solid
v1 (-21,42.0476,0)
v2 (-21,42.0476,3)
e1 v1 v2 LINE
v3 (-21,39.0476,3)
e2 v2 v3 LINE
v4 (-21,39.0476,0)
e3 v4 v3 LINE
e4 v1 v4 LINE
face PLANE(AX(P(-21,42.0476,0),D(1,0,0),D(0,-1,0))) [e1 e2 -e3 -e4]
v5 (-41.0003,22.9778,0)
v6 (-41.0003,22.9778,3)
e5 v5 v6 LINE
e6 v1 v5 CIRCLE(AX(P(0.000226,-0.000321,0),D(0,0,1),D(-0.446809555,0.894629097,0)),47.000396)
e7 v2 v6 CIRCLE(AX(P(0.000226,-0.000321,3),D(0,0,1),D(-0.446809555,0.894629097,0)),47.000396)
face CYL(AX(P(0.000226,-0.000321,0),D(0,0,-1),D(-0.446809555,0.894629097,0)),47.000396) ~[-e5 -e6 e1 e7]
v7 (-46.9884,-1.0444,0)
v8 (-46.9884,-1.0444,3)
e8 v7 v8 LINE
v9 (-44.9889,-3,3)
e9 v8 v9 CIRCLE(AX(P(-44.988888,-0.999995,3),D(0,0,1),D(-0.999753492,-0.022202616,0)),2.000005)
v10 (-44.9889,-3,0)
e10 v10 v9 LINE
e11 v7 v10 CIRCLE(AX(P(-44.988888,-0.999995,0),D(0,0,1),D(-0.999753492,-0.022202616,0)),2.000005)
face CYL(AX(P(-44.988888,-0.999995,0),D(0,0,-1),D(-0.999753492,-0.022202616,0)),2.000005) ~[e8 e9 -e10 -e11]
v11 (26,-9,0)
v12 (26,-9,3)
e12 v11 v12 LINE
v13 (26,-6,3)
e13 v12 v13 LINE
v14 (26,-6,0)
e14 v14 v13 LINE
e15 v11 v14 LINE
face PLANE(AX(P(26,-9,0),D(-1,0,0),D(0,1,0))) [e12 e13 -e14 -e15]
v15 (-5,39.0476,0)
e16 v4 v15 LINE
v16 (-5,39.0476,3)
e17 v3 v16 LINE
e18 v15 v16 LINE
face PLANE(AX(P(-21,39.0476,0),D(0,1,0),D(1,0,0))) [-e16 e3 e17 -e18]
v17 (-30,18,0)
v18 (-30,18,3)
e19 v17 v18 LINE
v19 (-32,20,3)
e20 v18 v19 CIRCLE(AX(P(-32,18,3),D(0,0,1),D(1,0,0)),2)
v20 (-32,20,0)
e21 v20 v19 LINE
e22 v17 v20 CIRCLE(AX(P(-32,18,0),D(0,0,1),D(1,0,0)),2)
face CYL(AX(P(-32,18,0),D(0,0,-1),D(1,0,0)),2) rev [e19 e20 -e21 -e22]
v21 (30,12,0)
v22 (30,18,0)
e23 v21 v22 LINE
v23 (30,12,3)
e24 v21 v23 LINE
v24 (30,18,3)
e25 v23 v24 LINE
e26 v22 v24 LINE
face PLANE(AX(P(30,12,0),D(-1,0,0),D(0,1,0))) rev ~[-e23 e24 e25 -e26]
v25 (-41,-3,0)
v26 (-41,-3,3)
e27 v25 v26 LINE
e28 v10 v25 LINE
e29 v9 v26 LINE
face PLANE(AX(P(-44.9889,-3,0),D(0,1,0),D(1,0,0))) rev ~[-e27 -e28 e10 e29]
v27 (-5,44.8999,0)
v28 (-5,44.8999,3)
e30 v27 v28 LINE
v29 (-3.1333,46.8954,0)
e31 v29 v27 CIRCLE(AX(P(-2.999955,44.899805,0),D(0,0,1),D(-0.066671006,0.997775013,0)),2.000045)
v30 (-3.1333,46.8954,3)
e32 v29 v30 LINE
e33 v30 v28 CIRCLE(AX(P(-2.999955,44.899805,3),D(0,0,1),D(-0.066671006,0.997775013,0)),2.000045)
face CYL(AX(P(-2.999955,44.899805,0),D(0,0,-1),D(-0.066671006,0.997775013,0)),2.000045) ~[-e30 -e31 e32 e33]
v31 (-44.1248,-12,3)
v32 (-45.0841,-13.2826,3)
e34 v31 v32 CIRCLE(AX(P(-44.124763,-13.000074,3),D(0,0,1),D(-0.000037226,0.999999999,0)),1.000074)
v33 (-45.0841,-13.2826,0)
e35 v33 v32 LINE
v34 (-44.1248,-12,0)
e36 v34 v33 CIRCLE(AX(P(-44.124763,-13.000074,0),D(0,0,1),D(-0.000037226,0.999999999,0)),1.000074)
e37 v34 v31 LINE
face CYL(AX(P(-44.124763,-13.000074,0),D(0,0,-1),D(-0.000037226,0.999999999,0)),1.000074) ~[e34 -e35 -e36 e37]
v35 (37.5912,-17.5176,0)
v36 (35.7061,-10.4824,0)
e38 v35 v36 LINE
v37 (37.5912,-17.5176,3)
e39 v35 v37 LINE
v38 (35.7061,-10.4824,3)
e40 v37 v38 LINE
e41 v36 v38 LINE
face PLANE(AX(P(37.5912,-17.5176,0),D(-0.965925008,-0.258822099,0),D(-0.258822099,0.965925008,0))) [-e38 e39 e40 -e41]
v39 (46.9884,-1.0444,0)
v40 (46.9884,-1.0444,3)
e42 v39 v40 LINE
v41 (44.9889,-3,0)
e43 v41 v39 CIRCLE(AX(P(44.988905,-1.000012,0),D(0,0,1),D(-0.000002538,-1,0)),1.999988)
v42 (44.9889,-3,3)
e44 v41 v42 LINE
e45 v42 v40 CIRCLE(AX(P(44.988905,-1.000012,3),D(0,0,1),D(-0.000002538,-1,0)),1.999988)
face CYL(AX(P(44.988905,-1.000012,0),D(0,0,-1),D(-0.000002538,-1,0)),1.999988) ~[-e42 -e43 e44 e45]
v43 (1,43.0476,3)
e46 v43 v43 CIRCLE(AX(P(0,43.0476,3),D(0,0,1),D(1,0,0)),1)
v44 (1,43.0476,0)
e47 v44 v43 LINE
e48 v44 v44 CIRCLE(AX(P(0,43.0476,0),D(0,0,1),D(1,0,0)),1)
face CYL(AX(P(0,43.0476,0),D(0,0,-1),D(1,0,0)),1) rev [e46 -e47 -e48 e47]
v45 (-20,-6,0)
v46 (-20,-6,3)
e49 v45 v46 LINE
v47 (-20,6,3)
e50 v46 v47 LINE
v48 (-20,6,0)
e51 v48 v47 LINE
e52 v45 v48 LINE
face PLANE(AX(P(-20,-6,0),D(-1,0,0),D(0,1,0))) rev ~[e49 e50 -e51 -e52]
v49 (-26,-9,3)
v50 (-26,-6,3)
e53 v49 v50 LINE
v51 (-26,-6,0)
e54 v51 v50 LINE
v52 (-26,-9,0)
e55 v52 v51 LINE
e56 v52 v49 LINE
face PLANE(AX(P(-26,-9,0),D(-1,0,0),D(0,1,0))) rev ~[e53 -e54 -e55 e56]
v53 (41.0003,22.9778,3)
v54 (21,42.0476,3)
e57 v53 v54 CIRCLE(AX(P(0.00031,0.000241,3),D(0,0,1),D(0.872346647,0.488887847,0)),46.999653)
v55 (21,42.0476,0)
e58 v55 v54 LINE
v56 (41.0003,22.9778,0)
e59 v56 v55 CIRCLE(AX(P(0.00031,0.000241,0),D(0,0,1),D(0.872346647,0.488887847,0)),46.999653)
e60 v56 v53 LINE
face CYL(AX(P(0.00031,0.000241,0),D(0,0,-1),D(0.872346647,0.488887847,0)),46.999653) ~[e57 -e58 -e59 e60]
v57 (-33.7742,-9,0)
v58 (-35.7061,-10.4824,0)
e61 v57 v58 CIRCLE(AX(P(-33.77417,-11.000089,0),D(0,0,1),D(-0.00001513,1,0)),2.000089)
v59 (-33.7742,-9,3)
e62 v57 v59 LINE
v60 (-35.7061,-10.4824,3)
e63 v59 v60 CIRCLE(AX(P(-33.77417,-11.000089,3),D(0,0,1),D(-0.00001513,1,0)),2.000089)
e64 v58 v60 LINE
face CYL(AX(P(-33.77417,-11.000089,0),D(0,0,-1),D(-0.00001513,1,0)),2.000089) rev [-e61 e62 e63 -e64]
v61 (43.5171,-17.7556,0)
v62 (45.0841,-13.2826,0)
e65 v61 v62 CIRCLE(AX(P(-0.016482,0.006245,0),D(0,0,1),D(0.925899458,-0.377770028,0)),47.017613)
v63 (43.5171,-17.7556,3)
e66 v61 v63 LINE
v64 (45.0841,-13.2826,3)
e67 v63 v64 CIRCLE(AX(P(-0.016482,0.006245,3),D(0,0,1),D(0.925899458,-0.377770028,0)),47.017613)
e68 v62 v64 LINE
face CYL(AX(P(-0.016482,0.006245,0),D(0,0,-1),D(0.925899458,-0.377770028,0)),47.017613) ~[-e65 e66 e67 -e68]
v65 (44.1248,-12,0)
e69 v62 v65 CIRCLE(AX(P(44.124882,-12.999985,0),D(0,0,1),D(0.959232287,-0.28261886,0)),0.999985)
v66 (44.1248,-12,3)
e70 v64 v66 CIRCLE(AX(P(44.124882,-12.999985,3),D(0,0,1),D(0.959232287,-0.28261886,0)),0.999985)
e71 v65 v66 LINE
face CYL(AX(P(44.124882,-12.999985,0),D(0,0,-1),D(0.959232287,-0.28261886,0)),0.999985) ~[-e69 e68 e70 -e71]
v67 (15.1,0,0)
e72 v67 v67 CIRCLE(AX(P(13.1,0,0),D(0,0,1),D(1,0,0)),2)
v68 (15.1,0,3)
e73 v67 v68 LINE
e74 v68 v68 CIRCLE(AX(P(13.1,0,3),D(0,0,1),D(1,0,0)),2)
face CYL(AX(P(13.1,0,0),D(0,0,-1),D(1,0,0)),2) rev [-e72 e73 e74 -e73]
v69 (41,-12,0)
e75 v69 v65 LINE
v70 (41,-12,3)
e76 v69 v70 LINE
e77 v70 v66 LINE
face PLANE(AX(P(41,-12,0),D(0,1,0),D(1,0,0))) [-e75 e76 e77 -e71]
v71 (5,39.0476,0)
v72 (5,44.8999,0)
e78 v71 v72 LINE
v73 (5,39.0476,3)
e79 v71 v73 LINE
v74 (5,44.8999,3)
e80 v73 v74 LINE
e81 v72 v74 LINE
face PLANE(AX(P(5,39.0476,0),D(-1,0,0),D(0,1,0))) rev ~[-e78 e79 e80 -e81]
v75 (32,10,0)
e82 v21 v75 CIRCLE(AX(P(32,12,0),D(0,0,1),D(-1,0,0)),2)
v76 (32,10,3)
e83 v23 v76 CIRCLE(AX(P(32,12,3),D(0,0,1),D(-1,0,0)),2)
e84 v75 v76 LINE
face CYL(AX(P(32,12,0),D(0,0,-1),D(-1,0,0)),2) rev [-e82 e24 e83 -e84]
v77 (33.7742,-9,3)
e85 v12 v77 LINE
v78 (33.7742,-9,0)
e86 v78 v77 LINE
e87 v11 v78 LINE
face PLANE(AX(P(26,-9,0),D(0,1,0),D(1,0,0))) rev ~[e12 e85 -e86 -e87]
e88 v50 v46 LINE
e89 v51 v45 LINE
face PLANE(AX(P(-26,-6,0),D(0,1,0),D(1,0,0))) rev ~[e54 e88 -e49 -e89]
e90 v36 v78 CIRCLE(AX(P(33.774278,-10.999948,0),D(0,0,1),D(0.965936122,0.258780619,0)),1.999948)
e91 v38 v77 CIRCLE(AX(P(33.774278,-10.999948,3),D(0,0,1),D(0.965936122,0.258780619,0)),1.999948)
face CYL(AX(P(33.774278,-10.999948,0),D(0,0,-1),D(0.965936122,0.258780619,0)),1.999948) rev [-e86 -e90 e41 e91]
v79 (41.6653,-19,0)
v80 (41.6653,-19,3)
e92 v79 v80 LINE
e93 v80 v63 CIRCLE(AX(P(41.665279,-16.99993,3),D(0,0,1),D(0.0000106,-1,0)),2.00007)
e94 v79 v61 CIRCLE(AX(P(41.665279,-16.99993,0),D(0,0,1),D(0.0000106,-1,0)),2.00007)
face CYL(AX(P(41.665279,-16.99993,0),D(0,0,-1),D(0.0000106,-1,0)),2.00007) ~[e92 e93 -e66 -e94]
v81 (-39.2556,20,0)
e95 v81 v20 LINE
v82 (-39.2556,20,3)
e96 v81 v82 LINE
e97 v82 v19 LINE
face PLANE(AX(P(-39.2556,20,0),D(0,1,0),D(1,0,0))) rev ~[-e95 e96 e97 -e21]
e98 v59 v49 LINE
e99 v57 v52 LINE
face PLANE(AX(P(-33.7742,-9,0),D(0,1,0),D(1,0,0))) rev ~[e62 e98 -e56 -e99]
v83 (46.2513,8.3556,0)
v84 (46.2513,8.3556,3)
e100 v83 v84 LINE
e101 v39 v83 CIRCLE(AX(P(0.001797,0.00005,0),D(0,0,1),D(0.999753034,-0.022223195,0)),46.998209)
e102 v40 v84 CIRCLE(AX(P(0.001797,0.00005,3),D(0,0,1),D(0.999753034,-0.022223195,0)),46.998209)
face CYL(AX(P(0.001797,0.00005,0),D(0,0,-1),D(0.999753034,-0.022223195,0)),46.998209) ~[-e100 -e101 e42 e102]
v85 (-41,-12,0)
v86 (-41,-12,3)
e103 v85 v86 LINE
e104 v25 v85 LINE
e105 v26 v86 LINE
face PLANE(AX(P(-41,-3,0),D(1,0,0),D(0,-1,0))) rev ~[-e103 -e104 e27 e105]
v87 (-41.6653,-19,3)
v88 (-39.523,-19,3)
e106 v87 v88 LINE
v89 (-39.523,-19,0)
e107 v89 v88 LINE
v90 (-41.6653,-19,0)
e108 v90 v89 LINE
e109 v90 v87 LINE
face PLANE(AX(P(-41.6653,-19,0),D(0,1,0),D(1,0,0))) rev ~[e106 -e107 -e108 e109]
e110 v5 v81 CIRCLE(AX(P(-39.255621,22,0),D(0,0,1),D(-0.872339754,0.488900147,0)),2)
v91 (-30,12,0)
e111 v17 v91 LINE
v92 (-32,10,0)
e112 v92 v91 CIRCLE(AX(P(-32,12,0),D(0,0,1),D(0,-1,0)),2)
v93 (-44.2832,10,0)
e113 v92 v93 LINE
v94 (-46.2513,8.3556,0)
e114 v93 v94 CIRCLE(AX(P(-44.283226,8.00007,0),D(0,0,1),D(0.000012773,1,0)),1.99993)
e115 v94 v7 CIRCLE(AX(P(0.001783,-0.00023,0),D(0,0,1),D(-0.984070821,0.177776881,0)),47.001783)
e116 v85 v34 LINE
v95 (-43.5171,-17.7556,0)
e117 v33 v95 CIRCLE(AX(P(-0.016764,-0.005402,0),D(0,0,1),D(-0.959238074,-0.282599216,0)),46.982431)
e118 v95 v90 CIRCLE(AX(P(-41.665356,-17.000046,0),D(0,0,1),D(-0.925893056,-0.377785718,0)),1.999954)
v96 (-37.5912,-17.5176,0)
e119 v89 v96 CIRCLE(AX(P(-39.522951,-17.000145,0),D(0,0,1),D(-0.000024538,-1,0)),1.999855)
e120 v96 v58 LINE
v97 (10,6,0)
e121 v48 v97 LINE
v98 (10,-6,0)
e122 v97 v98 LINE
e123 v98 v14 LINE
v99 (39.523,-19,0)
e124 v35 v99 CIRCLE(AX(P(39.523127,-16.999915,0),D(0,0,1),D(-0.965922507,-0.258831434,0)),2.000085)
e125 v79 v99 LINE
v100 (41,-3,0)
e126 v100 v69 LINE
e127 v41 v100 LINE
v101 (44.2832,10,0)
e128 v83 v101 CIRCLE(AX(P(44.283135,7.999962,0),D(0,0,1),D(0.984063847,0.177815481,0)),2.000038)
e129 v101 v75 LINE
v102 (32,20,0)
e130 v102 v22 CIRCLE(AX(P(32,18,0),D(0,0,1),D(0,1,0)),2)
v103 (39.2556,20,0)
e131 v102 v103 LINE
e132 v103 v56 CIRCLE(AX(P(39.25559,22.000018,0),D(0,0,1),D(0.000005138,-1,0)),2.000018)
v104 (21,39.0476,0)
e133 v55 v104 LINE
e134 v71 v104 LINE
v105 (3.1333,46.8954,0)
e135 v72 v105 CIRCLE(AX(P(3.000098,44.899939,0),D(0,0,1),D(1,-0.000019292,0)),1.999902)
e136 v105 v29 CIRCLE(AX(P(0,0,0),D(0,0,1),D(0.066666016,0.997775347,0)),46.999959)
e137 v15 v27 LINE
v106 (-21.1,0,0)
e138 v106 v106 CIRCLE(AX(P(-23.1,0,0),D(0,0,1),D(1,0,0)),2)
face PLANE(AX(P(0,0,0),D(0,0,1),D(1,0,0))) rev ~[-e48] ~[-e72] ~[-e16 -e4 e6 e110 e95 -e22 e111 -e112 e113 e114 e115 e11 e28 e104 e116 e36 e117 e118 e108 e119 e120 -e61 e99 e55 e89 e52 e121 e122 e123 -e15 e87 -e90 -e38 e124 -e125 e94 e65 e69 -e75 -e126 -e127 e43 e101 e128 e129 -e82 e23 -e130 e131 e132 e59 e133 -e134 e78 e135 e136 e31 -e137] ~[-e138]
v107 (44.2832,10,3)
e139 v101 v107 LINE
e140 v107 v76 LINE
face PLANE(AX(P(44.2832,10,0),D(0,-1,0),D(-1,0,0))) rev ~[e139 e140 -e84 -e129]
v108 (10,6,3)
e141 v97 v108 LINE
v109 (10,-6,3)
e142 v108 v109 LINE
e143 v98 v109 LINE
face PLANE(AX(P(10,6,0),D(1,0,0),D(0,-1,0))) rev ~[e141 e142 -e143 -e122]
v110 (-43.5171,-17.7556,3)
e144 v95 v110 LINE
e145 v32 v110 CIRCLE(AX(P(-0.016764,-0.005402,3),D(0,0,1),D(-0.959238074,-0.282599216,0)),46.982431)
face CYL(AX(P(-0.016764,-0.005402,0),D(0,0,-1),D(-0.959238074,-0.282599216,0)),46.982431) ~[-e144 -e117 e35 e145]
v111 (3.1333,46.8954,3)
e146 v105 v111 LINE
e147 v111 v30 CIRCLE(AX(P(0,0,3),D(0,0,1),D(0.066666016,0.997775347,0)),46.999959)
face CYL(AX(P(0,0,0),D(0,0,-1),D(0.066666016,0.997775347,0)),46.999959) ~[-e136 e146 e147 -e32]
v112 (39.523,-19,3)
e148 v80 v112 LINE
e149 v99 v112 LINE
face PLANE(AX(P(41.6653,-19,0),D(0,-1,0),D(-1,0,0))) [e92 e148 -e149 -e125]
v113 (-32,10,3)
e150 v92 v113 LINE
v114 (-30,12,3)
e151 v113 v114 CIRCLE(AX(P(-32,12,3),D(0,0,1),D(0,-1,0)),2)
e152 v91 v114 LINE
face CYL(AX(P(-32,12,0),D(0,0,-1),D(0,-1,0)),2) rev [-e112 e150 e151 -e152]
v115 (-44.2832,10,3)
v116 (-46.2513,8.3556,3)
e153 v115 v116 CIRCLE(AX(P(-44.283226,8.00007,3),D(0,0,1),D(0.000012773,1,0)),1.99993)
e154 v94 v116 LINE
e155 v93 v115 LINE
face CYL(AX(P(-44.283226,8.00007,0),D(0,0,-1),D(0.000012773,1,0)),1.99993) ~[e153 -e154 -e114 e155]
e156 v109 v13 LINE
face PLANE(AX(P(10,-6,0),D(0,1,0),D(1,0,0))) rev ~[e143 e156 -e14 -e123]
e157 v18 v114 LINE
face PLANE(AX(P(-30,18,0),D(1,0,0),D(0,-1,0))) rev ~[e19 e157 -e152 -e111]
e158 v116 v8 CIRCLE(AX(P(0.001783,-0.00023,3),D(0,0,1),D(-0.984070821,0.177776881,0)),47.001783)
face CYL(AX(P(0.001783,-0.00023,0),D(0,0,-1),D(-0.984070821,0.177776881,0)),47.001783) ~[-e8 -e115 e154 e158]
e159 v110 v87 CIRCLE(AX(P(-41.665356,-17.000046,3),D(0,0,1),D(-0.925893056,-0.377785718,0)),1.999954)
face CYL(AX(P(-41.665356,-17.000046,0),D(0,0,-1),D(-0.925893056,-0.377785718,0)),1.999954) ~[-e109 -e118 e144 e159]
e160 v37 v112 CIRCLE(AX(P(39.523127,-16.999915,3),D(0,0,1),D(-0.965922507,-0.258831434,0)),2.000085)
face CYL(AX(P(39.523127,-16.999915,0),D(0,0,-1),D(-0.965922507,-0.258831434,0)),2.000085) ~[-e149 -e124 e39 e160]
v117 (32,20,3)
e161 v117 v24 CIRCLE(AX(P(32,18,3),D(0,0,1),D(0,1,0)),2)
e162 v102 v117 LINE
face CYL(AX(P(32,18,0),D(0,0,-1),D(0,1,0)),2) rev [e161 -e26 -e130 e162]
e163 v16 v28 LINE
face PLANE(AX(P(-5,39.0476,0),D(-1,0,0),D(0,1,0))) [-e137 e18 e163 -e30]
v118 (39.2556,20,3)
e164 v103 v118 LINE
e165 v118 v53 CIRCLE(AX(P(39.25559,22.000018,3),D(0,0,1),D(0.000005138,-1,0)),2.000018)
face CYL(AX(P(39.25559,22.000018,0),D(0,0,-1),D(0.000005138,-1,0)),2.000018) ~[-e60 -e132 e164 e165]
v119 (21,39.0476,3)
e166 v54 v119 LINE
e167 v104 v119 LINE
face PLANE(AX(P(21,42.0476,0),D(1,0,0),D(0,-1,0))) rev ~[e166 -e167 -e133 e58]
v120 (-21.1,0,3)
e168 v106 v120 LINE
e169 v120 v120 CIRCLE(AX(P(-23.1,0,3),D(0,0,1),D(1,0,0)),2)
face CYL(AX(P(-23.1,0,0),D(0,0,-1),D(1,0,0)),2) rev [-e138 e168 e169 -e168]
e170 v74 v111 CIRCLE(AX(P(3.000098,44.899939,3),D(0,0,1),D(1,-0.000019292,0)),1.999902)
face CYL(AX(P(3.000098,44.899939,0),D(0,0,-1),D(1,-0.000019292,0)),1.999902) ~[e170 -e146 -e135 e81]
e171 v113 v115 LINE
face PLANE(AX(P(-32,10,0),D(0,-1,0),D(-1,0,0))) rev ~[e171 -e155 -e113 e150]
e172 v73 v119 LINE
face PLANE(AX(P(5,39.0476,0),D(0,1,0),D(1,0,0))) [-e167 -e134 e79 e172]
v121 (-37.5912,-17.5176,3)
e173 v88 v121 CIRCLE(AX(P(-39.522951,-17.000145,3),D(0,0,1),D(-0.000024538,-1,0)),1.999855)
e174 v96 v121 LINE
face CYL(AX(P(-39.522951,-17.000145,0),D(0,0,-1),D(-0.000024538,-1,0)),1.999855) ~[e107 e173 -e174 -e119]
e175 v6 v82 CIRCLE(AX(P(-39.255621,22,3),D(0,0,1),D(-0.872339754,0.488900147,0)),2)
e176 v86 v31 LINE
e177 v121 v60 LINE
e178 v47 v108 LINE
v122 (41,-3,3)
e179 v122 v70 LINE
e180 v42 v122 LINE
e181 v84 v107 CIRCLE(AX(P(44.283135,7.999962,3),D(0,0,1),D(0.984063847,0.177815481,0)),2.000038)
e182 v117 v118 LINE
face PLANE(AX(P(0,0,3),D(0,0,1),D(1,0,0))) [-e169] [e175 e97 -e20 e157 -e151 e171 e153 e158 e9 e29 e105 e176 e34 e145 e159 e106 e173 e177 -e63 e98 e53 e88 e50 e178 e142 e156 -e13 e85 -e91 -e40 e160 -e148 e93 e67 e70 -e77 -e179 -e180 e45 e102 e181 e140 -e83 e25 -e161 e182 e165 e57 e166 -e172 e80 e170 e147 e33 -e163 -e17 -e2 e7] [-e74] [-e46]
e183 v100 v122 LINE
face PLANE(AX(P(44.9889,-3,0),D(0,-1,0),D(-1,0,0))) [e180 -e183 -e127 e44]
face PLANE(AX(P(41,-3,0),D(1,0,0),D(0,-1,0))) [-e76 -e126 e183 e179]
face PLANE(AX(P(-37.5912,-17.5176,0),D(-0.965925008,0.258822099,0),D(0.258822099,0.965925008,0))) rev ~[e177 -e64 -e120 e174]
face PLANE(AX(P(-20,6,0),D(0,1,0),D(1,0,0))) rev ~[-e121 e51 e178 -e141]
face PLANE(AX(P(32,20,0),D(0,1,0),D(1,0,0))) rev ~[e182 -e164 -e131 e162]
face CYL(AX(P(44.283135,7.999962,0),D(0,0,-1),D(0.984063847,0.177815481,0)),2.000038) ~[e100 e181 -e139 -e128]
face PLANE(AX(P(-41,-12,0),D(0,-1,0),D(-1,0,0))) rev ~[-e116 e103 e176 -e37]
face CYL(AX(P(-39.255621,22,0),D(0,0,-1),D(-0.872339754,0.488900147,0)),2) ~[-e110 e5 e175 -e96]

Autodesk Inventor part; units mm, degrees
ref_plane "YZ Plane" through (0, 0, 0) normal (1, 0, 0) x (0, 1, 0)
ref_plane "XZ Plane" through (0, 0, 0) normal (0, 1, 0) x (-1, 0, 0)
ref_plane "XY Plane" through (0, 0, 0) normal (0, 0, 1) x (1, 0, 0)
sketch "Sketch1" plane through (0, 0, 0) normal (0, 0, 1) x (1, 0, 0)
  line L0 (-20, 6) -> (10, 6)
  line L1 (10, 6) -> (10, -6)
  line L2 (-20, -6) -> (-20, 6)
  line L3 (-41.6653, -19) -> (-39.523, -19)
  line L4 (-37.5912, -17.5176) -> (-35.7061, -10.4824)
  line L5 (41.6653, -19) -> (39.523, -19)
  line L6 (37.5912, -17.5176) -> (35.7061, -10.4824)
  circle A0 centre (-23.1, 0) radius 2
  circle A1 centre (13.1, 0) radius 2
  line L7 (-26, -9) -> (-26, -6)
  line L8 (26, -9) -> (26, -6)
  line L9 (-26, -6) -> (-20, -6)
  line L10 (10, -6) -> (26, -6)
  line L11 (-33.7742, -9) -> (-26, -9)
  line L12 (26, -9) -> (33.7742, -9)
  arc A2 (-43.5171, -17.7556) -> (-41.6653, -19) centre (-41.6653, -17) ccw
  arc A3 (-39.523, -19) -> (-37.5912, -17.5176) centre (-39.523, -17) ccw
  arc A4 (-33.7742, -9) -> (-35.7061, -10.4824) centre (-33.7742, -11) ccw
  arc A5 (35.7061, -10.4824) -> (33.7742, -9) centre (33.7742, -11) ccw
  arc A6 (37.5912, -17.5176) -> (39.523, -19) centre (39.523, -17) ccw
  arc A7 (41.6653, -19) -> (43.5171, -17.7556) centre (41.6653, -17) ccw
  line L13 (-21, 42.0476) -> (-21, 39.0476)
  line L14 (21, 42.0476) -> (21, 39.0476)
  line L15 (-5, 39.0476) -> (-5, 44.8999)
  line L16 (5, 39.0476) -> (5, 44.8999)
  arc A8 (3.1333, 46.8954) -> (-3.1333, 46.8954) centre (0, 0) ccw
  line L17 (-21, 39.0476) -> (-5, 39.0476)
  line L18 (5, 39.0476) -> (21, 39.0476)
  circle A9 centre (0, 43.0476) radius 1
  arc A10 (-3.1333, 46.8954) -> (-5, 44.8999) centre (-3, 44.8999) ccw
  arc A11 (5, 44.8999) -> (3.1333, 46.8954) centre (3, 44.8999) ccw
  line L19 (44.9889, -3) -> (41, -3)
  line L20 (41, -3) -> (41, -12)
  line L21 (41, -12) -> (44.1248, -12)
  arc A12 (43.5171, -17.7556) -> (45.0841, -13.2826) centre (0, 0) ccw
  line L22 (-44.9889, -3) -> (-41, -3)
  line L23 (-41, -3) -> (-41, -12)
  line L24 (-41, -12) -> (-44.1248, -12)
  arc A13 (-45.0841, -13.2826) -> (-43.5171, -17.7556) centre (0, 0) ccw
  line L25 (-39.2556, 20) -> (-32, 20)
  line L26 (-30, 18) -> (-30, 12)
  line L27 (-32, 10) -> (-44.2832, 10)
  line L28 (32, 20) -> (39.2556, 20)
  line L29 (44.2832, 10) -> (32, 10)
  line L30 (30, 12) -> (30, 18)
  arc A14 (46.9884, -1.0444) -> (46.2513, 8.3556) centre (0, 0) ccw
  arc A15 (41.0003, 22.9778) -> (21, 42.0476) centre (0, 0) ccw
  arc A16 (-21, 42.0476) -> (-41.0003, 22.9778) centre (0, 0) ccw
  arc A17 (-46.2513, 8.3556) -> (-46.9884, -1.0444) centre (0, 0) ccw
  arc A18 (39.2556, 20) -> (41.0003, 22.9778) centre (39.2556, 22) ccw
  arc A19 (46.2513, 8.3556) -> (44.2832, 10) centre (44.2832, 8) ccw
  arc A20 (-41.0003, 22.9778) -> (-39.2556, 20) centre (-39.2556, 22) ccw
  arc A21 (-44.2832, 10) -> (-46.2513, 8.3556) centre (-44.2832, 8) ccw
  arc A22 (32, 20) -> (30, 18) centre (32, 18) ccw
  arc A23 (30, 12) -> (32, 10) centre (32, 12) ccw
  arc A24 (-30, 18) -> (-32, 20) centre (-32, 18) ccw
  arc A25 (-32, 10) -> (-30, 12) centre (-32, 12) ccw
  arc A26 (-44.1248, -12) -> (-45.0841, -13.2826) centre (-44.1248, -13) ccw
  arc A27 (45.0841, -13.2826) -> (44.1248, -12) centre (44.1248, -13) ccw
  arc A28 (-46.9884, -1.0444) -> (-44.9889, -3) centre (-44.9889, -1) ccw
  arc A29 (44.9889, -3) -> (46.9884, -1.0444) centre (44.9889, -1) ccw
  point P0 (-35.3089, -9)
  point P1 (35.3089, -9)
  point P2 (-42.9884, -19)
  point P3 (-37.9884, -19)
  point P4 (42.9884, -19)
  point P5 (37.9884, -19)
  point P6 (-5, 46.7333)
  point P7 (5, 46.7333)
  point P8 (46.9042, -3)
  point P9 (45.4423, -12)
  point P10 (-46.9042, -3)
  point P11 (-45.4423, -12)
  point P12 (-42.5323, 20)
  point P13 (-45.9239, 10)
  point P14 (45.9239, 10)
  point P15 (42.5323, 20)
  dimension "d1" = 30
  dimension "d2" = 12
  dimension "d3" = 10
  dimension "d4" = 6
  dimension "d8" = 5
  dimension "d11" = 5
  dimension "d17" = 4
  dimension "d18" = 4
  dimension "d19" = 36.2
  dimension "d20" = 3.1
  dimension "d31" = 52
  dimension "d51" = 2
  dimension "d58" = 12
  dimension "d59" = 3
  dimension "d60" = 3
  dimension "d89" = 42
  dimension "d93" = 10
  dimension "d94" = 5
  dimension "d95" = 2
  dimension "d96" = 4
  dimension "d99" = 2
  dimension "d101" = 9
  dimension "d103" = 9
  dimension "d106" = 47
  dimension "d107" = 47
  dimension "d108" = 10
  dimension "d109" = 30
  dimension "d110" = 10
  dimension "d111" = 10
  dimension "d112" = 30
  dimension "d113" = 2
  dimension "d114" = 41
  dimension "d115" = 41
  dimension "d116" = 1
  dimension "d117" = 2
extrude "Extrusion3" add sketch "Sketch1" along normal blind 3
properties part number "OpenROV_Dev_EChassis_Servo_Plate"
